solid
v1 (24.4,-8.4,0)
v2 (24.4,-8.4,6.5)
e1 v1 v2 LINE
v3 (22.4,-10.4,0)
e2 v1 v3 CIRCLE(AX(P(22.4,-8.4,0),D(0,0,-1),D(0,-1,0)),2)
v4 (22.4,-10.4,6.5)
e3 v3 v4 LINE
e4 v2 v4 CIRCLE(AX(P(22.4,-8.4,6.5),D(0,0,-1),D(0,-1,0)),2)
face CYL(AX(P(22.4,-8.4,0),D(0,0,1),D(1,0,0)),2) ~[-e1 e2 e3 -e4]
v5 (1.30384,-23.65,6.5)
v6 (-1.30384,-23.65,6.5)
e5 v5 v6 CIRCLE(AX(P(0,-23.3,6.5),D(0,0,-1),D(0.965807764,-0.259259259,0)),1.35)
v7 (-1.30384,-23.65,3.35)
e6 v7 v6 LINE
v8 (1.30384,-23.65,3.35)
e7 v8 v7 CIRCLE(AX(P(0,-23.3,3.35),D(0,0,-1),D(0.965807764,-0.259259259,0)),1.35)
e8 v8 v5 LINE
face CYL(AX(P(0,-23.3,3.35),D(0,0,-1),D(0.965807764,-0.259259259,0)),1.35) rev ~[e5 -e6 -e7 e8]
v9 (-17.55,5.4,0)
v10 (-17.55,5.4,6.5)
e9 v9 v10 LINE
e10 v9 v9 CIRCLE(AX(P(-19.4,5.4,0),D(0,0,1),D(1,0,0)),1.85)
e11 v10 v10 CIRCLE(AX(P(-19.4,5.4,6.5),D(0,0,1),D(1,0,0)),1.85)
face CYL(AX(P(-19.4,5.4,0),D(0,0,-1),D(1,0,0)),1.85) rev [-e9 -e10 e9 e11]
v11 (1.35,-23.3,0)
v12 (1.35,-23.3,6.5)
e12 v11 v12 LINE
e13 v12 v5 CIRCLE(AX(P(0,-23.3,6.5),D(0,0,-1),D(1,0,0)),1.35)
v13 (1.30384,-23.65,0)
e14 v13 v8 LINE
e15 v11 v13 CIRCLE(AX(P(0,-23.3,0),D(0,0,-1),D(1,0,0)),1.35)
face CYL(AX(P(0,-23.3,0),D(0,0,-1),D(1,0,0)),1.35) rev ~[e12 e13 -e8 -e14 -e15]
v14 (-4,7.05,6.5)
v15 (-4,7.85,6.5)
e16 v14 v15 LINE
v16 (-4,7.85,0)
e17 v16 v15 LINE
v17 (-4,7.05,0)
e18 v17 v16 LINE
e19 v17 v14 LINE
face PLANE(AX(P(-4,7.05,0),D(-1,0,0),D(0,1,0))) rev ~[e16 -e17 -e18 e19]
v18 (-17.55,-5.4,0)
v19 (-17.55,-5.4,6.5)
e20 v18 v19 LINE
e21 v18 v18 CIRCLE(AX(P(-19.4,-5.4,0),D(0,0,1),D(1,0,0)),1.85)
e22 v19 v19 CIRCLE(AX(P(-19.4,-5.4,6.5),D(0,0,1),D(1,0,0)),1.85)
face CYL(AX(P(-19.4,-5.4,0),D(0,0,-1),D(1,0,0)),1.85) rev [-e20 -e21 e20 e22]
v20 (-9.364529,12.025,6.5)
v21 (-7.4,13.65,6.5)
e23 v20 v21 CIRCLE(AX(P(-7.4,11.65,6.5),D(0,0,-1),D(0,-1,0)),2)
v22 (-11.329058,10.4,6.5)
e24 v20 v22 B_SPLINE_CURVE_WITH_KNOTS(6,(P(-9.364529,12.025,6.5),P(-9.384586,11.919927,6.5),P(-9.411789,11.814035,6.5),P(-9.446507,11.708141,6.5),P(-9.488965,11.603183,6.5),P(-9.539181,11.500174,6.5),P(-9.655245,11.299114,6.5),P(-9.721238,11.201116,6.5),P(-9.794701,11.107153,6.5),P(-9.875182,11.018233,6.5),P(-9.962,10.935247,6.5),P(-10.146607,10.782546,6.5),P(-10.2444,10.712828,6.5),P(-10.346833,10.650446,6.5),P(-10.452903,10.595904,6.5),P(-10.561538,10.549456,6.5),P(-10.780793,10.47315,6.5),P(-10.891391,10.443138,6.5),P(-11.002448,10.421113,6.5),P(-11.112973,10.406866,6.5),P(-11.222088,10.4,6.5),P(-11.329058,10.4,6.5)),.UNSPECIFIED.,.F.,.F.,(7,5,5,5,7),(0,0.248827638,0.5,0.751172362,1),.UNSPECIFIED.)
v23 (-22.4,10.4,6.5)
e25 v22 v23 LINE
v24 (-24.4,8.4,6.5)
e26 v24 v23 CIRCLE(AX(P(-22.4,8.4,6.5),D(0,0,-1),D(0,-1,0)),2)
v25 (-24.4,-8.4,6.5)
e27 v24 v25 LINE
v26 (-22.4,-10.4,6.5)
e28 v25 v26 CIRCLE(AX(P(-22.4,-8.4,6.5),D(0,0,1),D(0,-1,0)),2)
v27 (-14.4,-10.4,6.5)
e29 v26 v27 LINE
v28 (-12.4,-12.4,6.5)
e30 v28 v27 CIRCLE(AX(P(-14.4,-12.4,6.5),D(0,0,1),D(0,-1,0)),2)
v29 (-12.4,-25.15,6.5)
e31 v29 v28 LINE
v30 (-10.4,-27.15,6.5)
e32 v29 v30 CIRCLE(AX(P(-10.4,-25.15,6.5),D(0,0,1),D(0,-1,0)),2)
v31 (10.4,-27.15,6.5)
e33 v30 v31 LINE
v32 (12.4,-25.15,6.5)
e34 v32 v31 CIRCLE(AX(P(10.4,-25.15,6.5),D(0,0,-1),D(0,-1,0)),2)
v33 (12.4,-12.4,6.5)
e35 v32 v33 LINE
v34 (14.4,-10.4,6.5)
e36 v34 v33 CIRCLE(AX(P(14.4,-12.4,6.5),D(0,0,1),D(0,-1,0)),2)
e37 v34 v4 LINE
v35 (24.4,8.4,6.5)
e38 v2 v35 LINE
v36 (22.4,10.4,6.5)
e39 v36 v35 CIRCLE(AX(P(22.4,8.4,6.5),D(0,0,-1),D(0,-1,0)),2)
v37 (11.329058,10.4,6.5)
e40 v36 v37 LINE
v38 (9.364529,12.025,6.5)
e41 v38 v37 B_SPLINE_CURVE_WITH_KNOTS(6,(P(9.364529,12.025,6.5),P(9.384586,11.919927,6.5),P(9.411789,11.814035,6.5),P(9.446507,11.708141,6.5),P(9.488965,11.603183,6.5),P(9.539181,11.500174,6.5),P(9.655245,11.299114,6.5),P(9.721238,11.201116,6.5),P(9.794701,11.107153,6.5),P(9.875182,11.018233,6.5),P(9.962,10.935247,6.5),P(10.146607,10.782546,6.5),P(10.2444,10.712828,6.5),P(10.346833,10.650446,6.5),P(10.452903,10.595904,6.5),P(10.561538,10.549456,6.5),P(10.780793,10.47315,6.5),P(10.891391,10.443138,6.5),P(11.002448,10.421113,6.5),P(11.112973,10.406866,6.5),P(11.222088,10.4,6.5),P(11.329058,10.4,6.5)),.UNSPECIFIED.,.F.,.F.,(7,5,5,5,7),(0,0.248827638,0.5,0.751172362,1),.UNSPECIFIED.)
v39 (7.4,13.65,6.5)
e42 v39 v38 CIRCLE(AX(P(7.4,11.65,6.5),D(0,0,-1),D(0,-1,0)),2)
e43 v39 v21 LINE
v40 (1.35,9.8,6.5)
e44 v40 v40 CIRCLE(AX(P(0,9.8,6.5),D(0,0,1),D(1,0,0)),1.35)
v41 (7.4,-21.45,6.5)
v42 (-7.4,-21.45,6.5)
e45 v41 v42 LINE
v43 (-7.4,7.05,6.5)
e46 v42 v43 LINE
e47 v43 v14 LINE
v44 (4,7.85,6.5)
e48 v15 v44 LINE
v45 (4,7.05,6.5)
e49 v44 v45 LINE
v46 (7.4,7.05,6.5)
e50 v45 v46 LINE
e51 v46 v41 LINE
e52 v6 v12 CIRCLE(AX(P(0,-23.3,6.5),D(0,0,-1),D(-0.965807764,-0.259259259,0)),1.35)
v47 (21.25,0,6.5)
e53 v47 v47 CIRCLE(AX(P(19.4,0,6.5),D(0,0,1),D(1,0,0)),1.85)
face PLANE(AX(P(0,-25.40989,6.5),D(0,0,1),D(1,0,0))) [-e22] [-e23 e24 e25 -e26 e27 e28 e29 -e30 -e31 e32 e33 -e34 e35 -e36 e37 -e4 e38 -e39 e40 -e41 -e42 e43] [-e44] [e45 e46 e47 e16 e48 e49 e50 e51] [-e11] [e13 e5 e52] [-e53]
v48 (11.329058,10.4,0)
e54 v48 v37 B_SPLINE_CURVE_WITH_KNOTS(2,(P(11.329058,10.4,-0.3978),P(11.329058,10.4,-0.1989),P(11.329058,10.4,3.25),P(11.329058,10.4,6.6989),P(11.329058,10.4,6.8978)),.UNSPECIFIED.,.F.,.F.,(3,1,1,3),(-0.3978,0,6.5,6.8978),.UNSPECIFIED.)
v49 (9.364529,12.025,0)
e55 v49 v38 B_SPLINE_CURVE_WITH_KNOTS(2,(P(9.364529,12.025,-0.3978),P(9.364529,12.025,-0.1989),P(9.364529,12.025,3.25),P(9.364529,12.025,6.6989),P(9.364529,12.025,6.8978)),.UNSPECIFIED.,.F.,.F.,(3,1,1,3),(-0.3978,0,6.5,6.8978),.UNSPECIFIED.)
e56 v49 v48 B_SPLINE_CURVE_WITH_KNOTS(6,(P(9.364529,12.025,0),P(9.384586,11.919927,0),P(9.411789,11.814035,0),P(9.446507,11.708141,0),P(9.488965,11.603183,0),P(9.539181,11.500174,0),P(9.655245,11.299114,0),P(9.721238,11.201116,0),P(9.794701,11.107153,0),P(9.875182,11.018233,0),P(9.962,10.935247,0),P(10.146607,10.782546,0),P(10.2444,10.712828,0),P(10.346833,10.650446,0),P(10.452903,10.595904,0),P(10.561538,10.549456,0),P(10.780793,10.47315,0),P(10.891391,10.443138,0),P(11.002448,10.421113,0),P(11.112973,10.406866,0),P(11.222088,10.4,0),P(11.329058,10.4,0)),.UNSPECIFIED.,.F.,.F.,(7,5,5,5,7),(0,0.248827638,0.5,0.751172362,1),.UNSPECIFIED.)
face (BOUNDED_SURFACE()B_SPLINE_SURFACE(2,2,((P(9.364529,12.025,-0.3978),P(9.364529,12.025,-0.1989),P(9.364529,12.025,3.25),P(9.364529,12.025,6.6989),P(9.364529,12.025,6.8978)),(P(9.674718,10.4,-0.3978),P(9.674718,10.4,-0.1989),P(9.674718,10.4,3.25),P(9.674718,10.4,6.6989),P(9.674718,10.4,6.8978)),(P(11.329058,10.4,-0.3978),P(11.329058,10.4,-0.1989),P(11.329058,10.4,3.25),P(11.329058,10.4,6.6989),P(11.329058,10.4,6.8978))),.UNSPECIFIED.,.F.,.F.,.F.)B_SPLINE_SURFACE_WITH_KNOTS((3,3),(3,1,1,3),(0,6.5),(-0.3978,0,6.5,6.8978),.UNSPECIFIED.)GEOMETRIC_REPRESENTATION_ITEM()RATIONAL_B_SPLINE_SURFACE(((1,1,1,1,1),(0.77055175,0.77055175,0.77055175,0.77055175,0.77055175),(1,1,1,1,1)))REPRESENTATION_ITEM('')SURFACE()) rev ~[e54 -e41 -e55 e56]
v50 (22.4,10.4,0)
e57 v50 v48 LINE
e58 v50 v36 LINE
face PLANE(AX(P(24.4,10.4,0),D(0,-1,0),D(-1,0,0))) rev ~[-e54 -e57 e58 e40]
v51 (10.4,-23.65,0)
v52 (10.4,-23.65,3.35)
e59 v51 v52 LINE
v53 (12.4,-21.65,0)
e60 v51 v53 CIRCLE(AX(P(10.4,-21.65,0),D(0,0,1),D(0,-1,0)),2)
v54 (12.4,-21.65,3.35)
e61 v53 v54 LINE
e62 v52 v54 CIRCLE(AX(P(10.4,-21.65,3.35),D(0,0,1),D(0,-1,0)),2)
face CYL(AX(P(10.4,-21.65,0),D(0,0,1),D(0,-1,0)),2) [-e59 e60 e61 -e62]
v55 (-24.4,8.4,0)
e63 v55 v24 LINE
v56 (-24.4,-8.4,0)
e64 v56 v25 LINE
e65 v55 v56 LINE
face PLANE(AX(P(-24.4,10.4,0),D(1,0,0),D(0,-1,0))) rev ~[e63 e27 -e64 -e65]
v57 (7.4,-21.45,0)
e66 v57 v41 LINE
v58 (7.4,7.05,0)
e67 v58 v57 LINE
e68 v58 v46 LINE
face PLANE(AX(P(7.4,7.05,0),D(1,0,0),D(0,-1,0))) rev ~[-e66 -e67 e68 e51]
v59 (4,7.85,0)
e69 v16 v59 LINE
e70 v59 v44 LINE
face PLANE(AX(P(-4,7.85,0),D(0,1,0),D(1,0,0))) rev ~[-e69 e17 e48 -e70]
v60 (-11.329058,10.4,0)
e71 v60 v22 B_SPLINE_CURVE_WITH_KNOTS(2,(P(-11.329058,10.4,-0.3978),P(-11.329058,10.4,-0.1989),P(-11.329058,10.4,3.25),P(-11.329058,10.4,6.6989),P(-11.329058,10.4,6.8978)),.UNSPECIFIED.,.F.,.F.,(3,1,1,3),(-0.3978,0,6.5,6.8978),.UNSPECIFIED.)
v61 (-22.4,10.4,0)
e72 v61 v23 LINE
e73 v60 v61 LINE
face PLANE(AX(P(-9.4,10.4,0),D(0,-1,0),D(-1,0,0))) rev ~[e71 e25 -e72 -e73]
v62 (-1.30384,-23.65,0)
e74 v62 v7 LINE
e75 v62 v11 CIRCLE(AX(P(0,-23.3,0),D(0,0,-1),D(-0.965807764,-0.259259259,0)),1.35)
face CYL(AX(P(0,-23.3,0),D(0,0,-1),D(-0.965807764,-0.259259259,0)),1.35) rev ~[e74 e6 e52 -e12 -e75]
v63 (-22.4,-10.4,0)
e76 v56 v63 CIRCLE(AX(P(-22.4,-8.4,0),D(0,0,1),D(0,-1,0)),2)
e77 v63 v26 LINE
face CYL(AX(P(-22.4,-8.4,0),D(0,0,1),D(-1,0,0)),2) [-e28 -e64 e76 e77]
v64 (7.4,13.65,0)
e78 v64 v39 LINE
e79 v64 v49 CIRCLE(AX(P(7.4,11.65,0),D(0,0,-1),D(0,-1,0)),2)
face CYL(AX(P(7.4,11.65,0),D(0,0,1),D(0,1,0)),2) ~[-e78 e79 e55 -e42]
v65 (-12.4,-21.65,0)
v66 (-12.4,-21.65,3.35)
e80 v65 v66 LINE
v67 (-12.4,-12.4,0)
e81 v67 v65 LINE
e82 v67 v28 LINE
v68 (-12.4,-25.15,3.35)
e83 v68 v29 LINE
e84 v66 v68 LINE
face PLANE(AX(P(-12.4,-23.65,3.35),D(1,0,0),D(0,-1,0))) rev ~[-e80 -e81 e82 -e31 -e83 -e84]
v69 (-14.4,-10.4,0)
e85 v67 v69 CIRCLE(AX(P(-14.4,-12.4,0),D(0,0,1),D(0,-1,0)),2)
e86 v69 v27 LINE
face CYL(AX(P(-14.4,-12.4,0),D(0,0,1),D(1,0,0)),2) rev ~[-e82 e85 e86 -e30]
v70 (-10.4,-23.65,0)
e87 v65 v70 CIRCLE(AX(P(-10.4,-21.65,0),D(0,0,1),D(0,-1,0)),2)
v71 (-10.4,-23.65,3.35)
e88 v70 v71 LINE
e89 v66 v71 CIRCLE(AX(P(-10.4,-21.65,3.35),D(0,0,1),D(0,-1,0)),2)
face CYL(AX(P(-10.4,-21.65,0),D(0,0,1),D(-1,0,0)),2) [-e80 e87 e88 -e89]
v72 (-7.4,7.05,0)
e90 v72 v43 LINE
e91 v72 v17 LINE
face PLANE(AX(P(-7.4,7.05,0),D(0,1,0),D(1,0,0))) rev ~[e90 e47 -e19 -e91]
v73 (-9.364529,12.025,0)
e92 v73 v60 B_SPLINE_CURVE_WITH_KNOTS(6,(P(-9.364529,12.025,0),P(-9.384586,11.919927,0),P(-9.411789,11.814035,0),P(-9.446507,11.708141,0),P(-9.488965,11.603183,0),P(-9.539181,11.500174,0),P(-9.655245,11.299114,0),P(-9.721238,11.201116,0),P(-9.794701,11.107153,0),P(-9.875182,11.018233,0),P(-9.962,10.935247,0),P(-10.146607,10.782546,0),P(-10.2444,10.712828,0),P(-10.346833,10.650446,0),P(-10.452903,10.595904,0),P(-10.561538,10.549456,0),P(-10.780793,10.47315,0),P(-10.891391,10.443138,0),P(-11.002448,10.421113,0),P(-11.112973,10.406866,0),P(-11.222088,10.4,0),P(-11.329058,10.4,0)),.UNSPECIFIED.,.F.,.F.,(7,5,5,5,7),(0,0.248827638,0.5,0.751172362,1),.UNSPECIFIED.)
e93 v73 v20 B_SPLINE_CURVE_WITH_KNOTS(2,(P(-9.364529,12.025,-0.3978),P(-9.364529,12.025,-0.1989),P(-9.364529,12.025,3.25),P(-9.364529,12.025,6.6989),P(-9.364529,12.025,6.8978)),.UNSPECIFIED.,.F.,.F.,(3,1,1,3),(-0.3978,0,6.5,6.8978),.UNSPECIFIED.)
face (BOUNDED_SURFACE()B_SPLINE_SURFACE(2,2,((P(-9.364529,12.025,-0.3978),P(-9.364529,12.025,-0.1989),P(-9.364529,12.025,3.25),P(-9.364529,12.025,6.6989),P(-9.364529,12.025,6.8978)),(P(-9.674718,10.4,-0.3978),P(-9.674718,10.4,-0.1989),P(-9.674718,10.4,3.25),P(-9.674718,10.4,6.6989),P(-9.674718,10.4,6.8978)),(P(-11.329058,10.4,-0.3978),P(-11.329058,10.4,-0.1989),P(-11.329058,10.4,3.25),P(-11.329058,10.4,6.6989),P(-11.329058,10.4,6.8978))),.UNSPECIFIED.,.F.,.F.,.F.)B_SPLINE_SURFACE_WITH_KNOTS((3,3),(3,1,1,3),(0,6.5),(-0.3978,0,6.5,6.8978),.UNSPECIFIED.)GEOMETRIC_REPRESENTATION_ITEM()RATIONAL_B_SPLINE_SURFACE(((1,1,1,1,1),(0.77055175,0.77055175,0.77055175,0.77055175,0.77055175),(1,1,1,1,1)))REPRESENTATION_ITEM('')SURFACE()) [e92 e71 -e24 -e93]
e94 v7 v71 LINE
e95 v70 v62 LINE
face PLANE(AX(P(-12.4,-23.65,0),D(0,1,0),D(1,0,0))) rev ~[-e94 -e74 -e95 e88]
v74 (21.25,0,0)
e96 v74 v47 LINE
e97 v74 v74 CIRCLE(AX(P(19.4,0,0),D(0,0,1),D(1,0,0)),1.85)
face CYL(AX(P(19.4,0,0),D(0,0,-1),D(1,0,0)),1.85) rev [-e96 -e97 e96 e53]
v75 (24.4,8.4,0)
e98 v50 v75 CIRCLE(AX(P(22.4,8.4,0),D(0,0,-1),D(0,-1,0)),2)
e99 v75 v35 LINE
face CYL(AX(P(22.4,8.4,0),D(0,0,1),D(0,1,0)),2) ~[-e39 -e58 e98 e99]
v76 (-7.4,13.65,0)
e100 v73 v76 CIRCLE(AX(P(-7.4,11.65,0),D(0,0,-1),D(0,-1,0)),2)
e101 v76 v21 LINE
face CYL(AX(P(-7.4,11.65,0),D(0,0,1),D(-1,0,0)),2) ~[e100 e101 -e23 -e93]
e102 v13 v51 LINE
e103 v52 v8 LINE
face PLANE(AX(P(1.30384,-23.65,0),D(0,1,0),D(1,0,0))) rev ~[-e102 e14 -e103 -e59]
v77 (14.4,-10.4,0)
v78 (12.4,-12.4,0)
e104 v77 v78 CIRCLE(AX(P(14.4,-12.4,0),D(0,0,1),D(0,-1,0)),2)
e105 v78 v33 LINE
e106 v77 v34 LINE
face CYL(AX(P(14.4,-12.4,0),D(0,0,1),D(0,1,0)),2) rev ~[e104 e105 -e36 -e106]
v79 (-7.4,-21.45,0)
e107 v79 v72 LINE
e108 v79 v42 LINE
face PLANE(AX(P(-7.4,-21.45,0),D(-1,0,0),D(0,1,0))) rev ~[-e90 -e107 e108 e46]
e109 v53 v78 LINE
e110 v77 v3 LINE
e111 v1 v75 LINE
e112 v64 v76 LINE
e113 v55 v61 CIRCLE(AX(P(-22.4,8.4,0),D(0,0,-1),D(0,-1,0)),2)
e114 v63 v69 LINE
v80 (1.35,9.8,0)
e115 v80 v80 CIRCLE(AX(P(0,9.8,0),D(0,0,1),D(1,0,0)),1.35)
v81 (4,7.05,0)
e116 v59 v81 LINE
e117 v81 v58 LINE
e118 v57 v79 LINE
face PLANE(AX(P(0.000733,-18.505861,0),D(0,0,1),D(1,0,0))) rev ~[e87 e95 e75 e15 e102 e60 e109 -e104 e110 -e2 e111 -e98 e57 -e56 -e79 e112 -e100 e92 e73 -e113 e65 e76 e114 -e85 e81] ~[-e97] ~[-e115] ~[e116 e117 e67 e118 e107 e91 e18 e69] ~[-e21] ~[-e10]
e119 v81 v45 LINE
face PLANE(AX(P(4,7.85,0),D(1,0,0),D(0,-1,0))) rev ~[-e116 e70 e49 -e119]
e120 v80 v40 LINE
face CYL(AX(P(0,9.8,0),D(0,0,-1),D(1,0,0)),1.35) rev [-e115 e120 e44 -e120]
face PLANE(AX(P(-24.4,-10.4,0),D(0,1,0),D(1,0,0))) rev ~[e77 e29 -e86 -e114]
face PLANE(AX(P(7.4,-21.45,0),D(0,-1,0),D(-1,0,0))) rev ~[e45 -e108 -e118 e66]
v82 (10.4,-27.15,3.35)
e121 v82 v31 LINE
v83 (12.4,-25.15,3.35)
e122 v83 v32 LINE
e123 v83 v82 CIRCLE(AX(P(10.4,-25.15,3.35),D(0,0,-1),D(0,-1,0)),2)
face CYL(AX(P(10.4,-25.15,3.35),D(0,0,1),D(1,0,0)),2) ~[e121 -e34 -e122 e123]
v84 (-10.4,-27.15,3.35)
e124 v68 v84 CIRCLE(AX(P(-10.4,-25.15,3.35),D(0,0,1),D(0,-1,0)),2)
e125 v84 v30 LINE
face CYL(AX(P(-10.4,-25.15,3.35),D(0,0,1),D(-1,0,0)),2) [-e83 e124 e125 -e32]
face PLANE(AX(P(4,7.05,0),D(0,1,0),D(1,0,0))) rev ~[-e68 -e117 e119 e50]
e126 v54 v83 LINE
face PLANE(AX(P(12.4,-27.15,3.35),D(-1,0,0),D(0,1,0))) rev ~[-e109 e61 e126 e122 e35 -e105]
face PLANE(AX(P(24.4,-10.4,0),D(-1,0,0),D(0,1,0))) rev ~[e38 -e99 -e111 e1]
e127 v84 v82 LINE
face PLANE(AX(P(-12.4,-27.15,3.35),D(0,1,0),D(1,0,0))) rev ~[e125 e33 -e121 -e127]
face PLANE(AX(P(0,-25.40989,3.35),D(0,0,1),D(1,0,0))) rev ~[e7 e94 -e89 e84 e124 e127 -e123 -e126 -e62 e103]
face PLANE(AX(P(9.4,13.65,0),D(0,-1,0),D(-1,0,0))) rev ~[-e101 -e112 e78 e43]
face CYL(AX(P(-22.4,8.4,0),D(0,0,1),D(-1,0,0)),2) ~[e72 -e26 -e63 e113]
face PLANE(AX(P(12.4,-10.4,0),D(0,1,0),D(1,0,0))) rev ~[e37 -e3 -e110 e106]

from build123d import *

# Parameters (mm, degrees)
F0_R     = 1.85
F0_R_2   = 1.35
F1_DEPTH = 6.5
F2_START = 3.35
F2_DEPTH = 3.15
F3_R     = 2
F4_R     = 2


with BuildPart() as f1:
    # F0 (on Top) → F1 (new body)
    with BuildSketch(Plane.XY):
        with BuildLine():
            Line((-7.4, -10.4), (-12.4, -10.4))
            Line((-12.4, -10.4), (-12.4, -23.65))
            Line((-12.4, -23.65), (-1.303840481, -23.65))
            ThreePointArc((-1.303840481, -23.65), (-0.1765153684, -21.9615896277), (1.35, -23.3))
            ThreePointArc((1.35, -23.3), (1.3384103723, -23.4765153684), (1.303840481, -23.65))
            Line((1.303840481, -23.65), (12.4, -23.65))
            Line((12.4, -23.65), (12.4, -10.4))
            Line((12.4, -10.4), (7.4, -10.4))
            Line((7.4, -10.4), (7.4, -20.25))
            Line((7.4, -20.25), (7.4, -21.45))
            Line((7.4, -21.45), (-7.4, -21.45))
            Line((-7.4, -21.45), (-7.4, -20.25))
            Line((-7.4, -20.25), (-7.4, -10.4))
        make_face()
        Polygon((-24.4, -5.2615826042), (-24.4, -10.4), (-12.4, -10.4), (-7.4, -10.4), (-7.4, 7.05), (-4, 7.05), (-4, 7.85), (4, 7.85), (4, 7.05), (7.4, 7.05), (7.4, -10.4), (12.4, -10.4), (24.4, -10.4), (24.4, 10.4), (9.4, 10.4), (9.4, 13.65), (-9.4, 13.65), (-9.4, 10.4), (-24.4, 10.4), align=None)
        with Locations((-19.4, -5.4)):
            Circle(F0_R, mode=Mode.SUBTRACT)
        with Locations((-19.4, 5.4)):
            Circle(F0_R, mode=Mode.SUBTRACT)
        with Locations((19.4, 0)):
            Circle(F0_R, mode=Mode.SUBTRACT)
        with Locations((0, 9.8)):
            Circle(F0_R_2, mode=Mode.SUBTRACT)
    extrude(amount=F1_DEPTH)

    # F0 (on Top) → F2 (join)
    with BuildSketch(Plane.XY.offset(F2_START)):
        with BuildLine():
            Line((-1.303840481, -23.65), (-12.4, -23.65))
            Line((-12.4, -23.65), (-12.4, -27.15))
            Line((-12.4, -27.15), (12.4, -27.15))
            Line((12.4, -27.15), (12.4, -23.65))
            Line((12.4, -23.65), (1.303840481, -23.65))
            ThreePointArc((1.303840481, -23.65), (0, -24.65), (-1.303840481, -23.65))
        make_face()
    extrude(amount=F2_DEPTH)

    # F3
    f3_edges = [f1.edges().sort_by_distance(p)[0] for p in [
        (-24.4, -10.4, 3.25),
        (-24.4, 10.4, 3.25),
        (24.4, -10.4, 3.25),
        (24.4, 10.4, 3.25),
        (9.4, 13.65, 3.25),
        (-12.4, -27.15, 4.925),
        (-12.4, -23.65, 1.675),
        (12.4, -27.15, 4.925),
        (12.4, -23.65, 1.675),
        (12.4, -10.4, 3.25),
        (-12.4, -10.4, 3.25),
        (-9.4, 13.65, 3.25),
    ]]
    fillet(f3_edges, radius=F3_R)

    # F4
    f4_edges = [f1.edges().sort_by_distance(p)[0] for p in [
        (-9.4, 10.4, 3.25),
        (9.4, 10.4, 3.25),
    ]]
    fillet(f4_edges, radius=F4_R)


solid = f1.part
